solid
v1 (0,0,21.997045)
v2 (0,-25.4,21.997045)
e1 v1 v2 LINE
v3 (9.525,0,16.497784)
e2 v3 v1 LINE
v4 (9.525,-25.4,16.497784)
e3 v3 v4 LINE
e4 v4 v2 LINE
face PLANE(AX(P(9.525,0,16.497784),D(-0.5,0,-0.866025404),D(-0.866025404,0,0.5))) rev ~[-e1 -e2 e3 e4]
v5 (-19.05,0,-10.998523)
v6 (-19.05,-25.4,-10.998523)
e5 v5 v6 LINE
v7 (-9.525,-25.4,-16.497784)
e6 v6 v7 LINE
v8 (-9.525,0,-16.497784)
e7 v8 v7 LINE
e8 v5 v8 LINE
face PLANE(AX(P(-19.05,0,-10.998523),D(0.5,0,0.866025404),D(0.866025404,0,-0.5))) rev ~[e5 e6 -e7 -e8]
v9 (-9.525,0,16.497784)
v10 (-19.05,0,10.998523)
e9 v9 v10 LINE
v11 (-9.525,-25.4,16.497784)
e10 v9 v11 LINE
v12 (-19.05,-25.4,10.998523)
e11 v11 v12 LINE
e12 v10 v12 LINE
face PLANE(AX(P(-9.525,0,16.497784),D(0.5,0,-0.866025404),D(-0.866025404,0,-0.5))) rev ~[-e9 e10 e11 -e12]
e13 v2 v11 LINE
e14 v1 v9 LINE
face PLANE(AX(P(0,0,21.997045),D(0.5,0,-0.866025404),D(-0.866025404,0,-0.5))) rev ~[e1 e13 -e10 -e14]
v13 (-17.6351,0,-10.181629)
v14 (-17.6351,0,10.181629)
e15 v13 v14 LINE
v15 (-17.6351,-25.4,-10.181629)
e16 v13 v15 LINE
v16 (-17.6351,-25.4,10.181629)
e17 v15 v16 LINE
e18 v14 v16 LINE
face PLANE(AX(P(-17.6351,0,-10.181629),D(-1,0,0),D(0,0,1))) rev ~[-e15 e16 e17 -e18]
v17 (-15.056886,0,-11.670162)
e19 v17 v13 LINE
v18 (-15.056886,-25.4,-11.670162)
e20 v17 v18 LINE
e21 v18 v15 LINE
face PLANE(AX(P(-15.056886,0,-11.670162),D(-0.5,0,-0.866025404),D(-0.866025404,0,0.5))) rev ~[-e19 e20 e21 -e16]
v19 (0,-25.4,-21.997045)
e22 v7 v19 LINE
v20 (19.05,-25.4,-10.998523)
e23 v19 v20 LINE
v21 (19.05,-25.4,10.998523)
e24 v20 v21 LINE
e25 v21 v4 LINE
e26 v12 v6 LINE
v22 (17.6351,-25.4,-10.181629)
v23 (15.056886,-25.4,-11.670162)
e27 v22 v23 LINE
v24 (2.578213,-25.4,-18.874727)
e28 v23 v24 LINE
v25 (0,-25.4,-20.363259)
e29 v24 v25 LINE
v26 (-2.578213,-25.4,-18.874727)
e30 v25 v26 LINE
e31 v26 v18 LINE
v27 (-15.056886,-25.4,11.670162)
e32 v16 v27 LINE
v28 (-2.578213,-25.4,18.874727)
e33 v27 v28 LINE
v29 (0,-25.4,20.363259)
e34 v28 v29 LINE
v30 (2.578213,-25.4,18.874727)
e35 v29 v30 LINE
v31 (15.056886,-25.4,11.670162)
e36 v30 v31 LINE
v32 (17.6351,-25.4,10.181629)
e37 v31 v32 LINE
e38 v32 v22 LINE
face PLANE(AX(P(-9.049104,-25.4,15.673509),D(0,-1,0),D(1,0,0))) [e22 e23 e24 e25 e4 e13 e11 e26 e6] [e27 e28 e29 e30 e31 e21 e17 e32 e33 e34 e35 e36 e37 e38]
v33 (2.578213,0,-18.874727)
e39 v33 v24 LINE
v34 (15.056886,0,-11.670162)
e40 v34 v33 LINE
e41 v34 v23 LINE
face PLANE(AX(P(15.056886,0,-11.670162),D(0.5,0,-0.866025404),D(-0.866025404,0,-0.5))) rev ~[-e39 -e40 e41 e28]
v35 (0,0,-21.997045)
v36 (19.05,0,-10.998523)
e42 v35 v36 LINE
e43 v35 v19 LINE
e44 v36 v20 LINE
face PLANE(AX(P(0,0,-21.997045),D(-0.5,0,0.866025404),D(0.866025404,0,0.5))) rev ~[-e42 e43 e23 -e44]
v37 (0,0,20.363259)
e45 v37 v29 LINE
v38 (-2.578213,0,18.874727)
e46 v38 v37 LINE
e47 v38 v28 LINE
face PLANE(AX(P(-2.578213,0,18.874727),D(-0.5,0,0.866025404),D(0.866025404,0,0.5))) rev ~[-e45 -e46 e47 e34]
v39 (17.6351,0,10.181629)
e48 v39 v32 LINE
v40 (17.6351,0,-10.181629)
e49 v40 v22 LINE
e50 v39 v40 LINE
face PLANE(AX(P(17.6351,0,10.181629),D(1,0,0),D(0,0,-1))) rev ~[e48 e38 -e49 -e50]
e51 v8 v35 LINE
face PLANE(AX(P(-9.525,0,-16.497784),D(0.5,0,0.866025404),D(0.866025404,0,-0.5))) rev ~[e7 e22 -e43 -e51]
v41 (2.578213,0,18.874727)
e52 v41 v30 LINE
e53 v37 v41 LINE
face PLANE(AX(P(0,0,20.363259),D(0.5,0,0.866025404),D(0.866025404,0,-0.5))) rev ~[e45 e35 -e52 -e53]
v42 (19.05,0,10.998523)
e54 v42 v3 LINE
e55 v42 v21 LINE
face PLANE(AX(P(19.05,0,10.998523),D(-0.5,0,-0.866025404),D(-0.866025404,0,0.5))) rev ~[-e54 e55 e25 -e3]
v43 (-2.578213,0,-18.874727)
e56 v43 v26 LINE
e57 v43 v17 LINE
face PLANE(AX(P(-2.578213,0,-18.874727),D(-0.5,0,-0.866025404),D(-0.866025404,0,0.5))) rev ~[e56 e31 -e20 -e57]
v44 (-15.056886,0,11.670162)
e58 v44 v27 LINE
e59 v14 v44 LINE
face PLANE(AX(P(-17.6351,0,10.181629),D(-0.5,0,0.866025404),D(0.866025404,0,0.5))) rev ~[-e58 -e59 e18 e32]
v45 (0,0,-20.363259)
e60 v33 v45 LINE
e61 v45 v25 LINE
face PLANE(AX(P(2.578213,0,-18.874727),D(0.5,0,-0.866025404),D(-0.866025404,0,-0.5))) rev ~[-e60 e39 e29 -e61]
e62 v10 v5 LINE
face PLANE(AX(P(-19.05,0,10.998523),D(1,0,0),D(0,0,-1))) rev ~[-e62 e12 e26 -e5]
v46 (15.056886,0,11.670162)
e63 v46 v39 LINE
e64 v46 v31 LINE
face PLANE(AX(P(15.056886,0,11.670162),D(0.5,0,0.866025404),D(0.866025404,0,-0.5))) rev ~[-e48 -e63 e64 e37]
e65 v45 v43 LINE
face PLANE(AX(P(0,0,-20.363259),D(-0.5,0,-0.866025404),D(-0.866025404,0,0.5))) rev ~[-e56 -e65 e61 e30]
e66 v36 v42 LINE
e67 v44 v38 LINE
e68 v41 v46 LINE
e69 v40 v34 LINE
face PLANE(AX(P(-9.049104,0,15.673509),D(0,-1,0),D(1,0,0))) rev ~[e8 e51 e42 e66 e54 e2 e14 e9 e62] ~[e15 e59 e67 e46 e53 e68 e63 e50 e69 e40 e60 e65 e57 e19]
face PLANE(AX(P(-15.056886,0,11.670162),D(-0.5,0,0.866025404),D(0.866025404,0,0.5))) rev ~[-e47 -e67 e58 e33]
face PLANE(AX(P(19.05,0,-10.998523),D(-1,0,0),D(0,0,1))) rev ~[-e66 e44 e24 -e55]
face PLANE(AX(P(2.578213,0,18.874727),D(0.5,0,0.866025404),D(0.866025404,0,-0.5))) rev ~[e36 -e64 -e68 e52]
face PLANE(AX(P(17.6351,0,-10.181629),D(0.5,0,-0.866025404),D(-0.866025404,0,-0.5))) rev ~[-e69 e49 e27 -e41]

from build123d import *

# Parameters (mm, degrees)
F1_DEPTH = 25.4


with BuildPart() as f1:
    # F0 (on Front) → F1 (new body)
    with BuildSketch(Plane.XZ):
        with BuildLine():
            Line((-15.0568864458, 11.6701615481), (-2.5782131441, 18.874726938))
            ThreePointArc((-2.5782131441, 18.874726938), (-6.1672042493, 18.0240975294), (-9.5250002446, 16.4977838009))
            ThreePointArc((-9.5250002446, 16.4977838009), (-12.5257244289, 14.3530041292), (-15.0568864458, 11.6701615481))
        make_face()
        with BuildLine():
            ThreePointArc((-9.5250002446, 16.4977838009), (-6.1672042493, 18.0240975294), (-2.5782131441, 18.874726938))
            Line((-2.5782131441, 18.874726938), (0, 20.3632589907))
            Line((0, 20.3632589907), (2.5782131441, 18.874726938))
            ThreePointArc((2.5782131441, 18.874726938), (6.1672039301, 18.0240976386), (9.5249996603, 16.4977841382))
            Line((9.5249996603, 16.4977841382), (0, 21.9970452561))
            Line((0, 21.9970452561), (-9.5250002446, 16.4977838009))
        make_face()
        with BuildLine():
            ThreePointArc((-15.0568864458, 11.6701615481), (-12.5257244289, 14.3530041292), (-9.5250002446, 16.4977838009))
            Line((-9.5250002446, 16.4977838009), (-19.05, 10.9985226281))
            Line((-19.05, 10.9985226281), (-19.05, 0))
            ThreePointArc((-19.05, 0), (-18.6929284381, 3.6710933531), (-17.6350995898, 7.2045653899))
            Line((-17.6350995898, 7.2045653899), (-17.6350995898, 10.1816294954))
            Line((-17.6350995898, 10.1816294954), (-15.0568864458, 11.6701615481))
        make_face()
        with BuildLine():
            ThreePointArc((9.5249996603, 16.4977841382), (6.1672039301, 18.0240976386), (2.5782131441, 18.874726938))
            Line((2.5782131441, 18.874726938), (15.0568864458, 11.6701615481))
            ThreePointArc((15.0568864458, 11.6701615481), (12.5257241747, 14.353004351), (9.5249996603, 16.4977841382))
        make_face()
        with BuildLine():
            ThreePointArc((-17.6350995898, -7.2045653899), (-18.6929284381, -3.6710933531), (-19.05, 0))
            Line((-19.05, 0), (-19.05, -10.9985226281))
            Line((-19.05, -10.9985226281), (-9.5250001009, -16.4977838839))
            ThreePointArc((-9.5250001009, -16.4977838839), (-12.5257243664, -14.3530041837), (-15.0568864458, -11.6701615481))
            Line((-15.0568864458, -11.6701615481), (-17.6350995898, -10.1816294954))
            Line((-17.6350995898, -10.1816294954), (-17.6350995898, -7.2045653899))
        make_face()
        with BuildLine():
            ThreePointArc((-17.6350995898, 7.2045653899), (-18.6929284381, 3.6710933531), (-19.05, 0))
            ThreePointArc((-19.05, 0), (-18.6929284381, -3.6710933531), (-17.6350995898, -7.2045653899))
            Line((-17.6350995898, -7.2045653899), (-17.6350995898, 7.2045653899))
        make_face()
        with BuildLine():
            Line((19.05, 10.9985226281), (9.5249996603, 16.4977841382))
            ThreePointArc((9.5249996603, 16.4977841382), (12.5257241747, 14.353004351), (15.0568864458, 11.6701615481))
            Line((15.0568864458, 11.6701615481), (17.6350995898, 10.1816294954))
            Line((17.6350995898, 10.1816294954), (17.6350995898, 7.2045653899))
            ThreePointArc((17.6350995898, 7.2045653899), (18.6929284476, 3.671093305), (19.05, -9.8e-08))
            Line((19.05, -9.8e-08), (19.05, 10.9985226281))
        make_face()
        with BuildLine():
            ThreePointArc((-2.5782131441, -18.874726938), (-6.1672041707, -18.0240975562), (-9.5250001009, -16.4977838839))
            Line((-9.5250001009, -16.4977838839), (0, -21.9970452561))
            Line((0, -21.9970452561), (9.5250001008, -16.4977838839))
            ThreePointArc((9.5250001008, -16.4977838839), (6.1672041707, -18.0240975562), (2.5782131441, -18.874726938))
            Line((2.5782131441, -18.874726938), (0, -20.3632589907))
            Line((0, -20.3632589907), (-2.5782131441, -18.874726938))
        make_face()
        with BuildLine():
            ThreePointArc((-15.0568864458, -11.6701615481), (-12.5257243664, -14.3530041837), (-9.5250001009, -16.4977838839))
            ThreePointArc((-9.5250001009, -16.4977838839), (-6.1672041707, -18.0240975562), (-2.5782131441, -18.874726938))
            Line((-2.5782131441, -18.874726938), (-15.0568864458, -11.6701615481))
        make_face()
        with BuildLine():
            Line((19.05, -10.9985226281), (19.05, -9.8e-08))
            ThreePointArc((19.05, -9.8e-08), (18.6929284287, -3.6710934011), (17.6350995898, -7.2045653899))
            Line((17.6350995898, -7.2045653899), (17.6350995898, -10.1816294954))
            Line((17.6350995898, -10.1816294954), (15.0568864458, -11.6701615481))
            ThreePointArc((15.0568864458, -11.6701615481), (12.5257243663, -14.3530041837), (9.5250001008, -16.4977838839))
            Line((9.5250001008, -16.4977838839), (19.05, -10.9985226281))
        make_face()
        with BuildLine():
            ThreePointArc((17.6350995898, -7.2045653899), (18.6929284287, -3.6710934011), (19.05, -9.8e-08))
            ThreePointArc((19.05, -9.8e-08), (18.6929284476, 3.671093305), (17.6350995898, 7.2045653899))
            Line((17.6350995898, 7.2045653899), (17.6350995898, -7.2045653899))
        make_face()
        with BuildLine():
            ThreePointArc((2.5782131441, -18.874726938), (6.1672041707, -18.0240975562), (9.5250001008, -16.4977838839))
            ThreePointArc((9.5250001008, -16.4977838839), (12.5257243663, -14.3530041837), (15.0568864458, -11.6701615481))
            Line((15.0568864458, -11.6701615481), (2.5782131441, -18.874726938))
        make_face()
    extrude(amount=F1_DEPTH)


solid = f1.part
